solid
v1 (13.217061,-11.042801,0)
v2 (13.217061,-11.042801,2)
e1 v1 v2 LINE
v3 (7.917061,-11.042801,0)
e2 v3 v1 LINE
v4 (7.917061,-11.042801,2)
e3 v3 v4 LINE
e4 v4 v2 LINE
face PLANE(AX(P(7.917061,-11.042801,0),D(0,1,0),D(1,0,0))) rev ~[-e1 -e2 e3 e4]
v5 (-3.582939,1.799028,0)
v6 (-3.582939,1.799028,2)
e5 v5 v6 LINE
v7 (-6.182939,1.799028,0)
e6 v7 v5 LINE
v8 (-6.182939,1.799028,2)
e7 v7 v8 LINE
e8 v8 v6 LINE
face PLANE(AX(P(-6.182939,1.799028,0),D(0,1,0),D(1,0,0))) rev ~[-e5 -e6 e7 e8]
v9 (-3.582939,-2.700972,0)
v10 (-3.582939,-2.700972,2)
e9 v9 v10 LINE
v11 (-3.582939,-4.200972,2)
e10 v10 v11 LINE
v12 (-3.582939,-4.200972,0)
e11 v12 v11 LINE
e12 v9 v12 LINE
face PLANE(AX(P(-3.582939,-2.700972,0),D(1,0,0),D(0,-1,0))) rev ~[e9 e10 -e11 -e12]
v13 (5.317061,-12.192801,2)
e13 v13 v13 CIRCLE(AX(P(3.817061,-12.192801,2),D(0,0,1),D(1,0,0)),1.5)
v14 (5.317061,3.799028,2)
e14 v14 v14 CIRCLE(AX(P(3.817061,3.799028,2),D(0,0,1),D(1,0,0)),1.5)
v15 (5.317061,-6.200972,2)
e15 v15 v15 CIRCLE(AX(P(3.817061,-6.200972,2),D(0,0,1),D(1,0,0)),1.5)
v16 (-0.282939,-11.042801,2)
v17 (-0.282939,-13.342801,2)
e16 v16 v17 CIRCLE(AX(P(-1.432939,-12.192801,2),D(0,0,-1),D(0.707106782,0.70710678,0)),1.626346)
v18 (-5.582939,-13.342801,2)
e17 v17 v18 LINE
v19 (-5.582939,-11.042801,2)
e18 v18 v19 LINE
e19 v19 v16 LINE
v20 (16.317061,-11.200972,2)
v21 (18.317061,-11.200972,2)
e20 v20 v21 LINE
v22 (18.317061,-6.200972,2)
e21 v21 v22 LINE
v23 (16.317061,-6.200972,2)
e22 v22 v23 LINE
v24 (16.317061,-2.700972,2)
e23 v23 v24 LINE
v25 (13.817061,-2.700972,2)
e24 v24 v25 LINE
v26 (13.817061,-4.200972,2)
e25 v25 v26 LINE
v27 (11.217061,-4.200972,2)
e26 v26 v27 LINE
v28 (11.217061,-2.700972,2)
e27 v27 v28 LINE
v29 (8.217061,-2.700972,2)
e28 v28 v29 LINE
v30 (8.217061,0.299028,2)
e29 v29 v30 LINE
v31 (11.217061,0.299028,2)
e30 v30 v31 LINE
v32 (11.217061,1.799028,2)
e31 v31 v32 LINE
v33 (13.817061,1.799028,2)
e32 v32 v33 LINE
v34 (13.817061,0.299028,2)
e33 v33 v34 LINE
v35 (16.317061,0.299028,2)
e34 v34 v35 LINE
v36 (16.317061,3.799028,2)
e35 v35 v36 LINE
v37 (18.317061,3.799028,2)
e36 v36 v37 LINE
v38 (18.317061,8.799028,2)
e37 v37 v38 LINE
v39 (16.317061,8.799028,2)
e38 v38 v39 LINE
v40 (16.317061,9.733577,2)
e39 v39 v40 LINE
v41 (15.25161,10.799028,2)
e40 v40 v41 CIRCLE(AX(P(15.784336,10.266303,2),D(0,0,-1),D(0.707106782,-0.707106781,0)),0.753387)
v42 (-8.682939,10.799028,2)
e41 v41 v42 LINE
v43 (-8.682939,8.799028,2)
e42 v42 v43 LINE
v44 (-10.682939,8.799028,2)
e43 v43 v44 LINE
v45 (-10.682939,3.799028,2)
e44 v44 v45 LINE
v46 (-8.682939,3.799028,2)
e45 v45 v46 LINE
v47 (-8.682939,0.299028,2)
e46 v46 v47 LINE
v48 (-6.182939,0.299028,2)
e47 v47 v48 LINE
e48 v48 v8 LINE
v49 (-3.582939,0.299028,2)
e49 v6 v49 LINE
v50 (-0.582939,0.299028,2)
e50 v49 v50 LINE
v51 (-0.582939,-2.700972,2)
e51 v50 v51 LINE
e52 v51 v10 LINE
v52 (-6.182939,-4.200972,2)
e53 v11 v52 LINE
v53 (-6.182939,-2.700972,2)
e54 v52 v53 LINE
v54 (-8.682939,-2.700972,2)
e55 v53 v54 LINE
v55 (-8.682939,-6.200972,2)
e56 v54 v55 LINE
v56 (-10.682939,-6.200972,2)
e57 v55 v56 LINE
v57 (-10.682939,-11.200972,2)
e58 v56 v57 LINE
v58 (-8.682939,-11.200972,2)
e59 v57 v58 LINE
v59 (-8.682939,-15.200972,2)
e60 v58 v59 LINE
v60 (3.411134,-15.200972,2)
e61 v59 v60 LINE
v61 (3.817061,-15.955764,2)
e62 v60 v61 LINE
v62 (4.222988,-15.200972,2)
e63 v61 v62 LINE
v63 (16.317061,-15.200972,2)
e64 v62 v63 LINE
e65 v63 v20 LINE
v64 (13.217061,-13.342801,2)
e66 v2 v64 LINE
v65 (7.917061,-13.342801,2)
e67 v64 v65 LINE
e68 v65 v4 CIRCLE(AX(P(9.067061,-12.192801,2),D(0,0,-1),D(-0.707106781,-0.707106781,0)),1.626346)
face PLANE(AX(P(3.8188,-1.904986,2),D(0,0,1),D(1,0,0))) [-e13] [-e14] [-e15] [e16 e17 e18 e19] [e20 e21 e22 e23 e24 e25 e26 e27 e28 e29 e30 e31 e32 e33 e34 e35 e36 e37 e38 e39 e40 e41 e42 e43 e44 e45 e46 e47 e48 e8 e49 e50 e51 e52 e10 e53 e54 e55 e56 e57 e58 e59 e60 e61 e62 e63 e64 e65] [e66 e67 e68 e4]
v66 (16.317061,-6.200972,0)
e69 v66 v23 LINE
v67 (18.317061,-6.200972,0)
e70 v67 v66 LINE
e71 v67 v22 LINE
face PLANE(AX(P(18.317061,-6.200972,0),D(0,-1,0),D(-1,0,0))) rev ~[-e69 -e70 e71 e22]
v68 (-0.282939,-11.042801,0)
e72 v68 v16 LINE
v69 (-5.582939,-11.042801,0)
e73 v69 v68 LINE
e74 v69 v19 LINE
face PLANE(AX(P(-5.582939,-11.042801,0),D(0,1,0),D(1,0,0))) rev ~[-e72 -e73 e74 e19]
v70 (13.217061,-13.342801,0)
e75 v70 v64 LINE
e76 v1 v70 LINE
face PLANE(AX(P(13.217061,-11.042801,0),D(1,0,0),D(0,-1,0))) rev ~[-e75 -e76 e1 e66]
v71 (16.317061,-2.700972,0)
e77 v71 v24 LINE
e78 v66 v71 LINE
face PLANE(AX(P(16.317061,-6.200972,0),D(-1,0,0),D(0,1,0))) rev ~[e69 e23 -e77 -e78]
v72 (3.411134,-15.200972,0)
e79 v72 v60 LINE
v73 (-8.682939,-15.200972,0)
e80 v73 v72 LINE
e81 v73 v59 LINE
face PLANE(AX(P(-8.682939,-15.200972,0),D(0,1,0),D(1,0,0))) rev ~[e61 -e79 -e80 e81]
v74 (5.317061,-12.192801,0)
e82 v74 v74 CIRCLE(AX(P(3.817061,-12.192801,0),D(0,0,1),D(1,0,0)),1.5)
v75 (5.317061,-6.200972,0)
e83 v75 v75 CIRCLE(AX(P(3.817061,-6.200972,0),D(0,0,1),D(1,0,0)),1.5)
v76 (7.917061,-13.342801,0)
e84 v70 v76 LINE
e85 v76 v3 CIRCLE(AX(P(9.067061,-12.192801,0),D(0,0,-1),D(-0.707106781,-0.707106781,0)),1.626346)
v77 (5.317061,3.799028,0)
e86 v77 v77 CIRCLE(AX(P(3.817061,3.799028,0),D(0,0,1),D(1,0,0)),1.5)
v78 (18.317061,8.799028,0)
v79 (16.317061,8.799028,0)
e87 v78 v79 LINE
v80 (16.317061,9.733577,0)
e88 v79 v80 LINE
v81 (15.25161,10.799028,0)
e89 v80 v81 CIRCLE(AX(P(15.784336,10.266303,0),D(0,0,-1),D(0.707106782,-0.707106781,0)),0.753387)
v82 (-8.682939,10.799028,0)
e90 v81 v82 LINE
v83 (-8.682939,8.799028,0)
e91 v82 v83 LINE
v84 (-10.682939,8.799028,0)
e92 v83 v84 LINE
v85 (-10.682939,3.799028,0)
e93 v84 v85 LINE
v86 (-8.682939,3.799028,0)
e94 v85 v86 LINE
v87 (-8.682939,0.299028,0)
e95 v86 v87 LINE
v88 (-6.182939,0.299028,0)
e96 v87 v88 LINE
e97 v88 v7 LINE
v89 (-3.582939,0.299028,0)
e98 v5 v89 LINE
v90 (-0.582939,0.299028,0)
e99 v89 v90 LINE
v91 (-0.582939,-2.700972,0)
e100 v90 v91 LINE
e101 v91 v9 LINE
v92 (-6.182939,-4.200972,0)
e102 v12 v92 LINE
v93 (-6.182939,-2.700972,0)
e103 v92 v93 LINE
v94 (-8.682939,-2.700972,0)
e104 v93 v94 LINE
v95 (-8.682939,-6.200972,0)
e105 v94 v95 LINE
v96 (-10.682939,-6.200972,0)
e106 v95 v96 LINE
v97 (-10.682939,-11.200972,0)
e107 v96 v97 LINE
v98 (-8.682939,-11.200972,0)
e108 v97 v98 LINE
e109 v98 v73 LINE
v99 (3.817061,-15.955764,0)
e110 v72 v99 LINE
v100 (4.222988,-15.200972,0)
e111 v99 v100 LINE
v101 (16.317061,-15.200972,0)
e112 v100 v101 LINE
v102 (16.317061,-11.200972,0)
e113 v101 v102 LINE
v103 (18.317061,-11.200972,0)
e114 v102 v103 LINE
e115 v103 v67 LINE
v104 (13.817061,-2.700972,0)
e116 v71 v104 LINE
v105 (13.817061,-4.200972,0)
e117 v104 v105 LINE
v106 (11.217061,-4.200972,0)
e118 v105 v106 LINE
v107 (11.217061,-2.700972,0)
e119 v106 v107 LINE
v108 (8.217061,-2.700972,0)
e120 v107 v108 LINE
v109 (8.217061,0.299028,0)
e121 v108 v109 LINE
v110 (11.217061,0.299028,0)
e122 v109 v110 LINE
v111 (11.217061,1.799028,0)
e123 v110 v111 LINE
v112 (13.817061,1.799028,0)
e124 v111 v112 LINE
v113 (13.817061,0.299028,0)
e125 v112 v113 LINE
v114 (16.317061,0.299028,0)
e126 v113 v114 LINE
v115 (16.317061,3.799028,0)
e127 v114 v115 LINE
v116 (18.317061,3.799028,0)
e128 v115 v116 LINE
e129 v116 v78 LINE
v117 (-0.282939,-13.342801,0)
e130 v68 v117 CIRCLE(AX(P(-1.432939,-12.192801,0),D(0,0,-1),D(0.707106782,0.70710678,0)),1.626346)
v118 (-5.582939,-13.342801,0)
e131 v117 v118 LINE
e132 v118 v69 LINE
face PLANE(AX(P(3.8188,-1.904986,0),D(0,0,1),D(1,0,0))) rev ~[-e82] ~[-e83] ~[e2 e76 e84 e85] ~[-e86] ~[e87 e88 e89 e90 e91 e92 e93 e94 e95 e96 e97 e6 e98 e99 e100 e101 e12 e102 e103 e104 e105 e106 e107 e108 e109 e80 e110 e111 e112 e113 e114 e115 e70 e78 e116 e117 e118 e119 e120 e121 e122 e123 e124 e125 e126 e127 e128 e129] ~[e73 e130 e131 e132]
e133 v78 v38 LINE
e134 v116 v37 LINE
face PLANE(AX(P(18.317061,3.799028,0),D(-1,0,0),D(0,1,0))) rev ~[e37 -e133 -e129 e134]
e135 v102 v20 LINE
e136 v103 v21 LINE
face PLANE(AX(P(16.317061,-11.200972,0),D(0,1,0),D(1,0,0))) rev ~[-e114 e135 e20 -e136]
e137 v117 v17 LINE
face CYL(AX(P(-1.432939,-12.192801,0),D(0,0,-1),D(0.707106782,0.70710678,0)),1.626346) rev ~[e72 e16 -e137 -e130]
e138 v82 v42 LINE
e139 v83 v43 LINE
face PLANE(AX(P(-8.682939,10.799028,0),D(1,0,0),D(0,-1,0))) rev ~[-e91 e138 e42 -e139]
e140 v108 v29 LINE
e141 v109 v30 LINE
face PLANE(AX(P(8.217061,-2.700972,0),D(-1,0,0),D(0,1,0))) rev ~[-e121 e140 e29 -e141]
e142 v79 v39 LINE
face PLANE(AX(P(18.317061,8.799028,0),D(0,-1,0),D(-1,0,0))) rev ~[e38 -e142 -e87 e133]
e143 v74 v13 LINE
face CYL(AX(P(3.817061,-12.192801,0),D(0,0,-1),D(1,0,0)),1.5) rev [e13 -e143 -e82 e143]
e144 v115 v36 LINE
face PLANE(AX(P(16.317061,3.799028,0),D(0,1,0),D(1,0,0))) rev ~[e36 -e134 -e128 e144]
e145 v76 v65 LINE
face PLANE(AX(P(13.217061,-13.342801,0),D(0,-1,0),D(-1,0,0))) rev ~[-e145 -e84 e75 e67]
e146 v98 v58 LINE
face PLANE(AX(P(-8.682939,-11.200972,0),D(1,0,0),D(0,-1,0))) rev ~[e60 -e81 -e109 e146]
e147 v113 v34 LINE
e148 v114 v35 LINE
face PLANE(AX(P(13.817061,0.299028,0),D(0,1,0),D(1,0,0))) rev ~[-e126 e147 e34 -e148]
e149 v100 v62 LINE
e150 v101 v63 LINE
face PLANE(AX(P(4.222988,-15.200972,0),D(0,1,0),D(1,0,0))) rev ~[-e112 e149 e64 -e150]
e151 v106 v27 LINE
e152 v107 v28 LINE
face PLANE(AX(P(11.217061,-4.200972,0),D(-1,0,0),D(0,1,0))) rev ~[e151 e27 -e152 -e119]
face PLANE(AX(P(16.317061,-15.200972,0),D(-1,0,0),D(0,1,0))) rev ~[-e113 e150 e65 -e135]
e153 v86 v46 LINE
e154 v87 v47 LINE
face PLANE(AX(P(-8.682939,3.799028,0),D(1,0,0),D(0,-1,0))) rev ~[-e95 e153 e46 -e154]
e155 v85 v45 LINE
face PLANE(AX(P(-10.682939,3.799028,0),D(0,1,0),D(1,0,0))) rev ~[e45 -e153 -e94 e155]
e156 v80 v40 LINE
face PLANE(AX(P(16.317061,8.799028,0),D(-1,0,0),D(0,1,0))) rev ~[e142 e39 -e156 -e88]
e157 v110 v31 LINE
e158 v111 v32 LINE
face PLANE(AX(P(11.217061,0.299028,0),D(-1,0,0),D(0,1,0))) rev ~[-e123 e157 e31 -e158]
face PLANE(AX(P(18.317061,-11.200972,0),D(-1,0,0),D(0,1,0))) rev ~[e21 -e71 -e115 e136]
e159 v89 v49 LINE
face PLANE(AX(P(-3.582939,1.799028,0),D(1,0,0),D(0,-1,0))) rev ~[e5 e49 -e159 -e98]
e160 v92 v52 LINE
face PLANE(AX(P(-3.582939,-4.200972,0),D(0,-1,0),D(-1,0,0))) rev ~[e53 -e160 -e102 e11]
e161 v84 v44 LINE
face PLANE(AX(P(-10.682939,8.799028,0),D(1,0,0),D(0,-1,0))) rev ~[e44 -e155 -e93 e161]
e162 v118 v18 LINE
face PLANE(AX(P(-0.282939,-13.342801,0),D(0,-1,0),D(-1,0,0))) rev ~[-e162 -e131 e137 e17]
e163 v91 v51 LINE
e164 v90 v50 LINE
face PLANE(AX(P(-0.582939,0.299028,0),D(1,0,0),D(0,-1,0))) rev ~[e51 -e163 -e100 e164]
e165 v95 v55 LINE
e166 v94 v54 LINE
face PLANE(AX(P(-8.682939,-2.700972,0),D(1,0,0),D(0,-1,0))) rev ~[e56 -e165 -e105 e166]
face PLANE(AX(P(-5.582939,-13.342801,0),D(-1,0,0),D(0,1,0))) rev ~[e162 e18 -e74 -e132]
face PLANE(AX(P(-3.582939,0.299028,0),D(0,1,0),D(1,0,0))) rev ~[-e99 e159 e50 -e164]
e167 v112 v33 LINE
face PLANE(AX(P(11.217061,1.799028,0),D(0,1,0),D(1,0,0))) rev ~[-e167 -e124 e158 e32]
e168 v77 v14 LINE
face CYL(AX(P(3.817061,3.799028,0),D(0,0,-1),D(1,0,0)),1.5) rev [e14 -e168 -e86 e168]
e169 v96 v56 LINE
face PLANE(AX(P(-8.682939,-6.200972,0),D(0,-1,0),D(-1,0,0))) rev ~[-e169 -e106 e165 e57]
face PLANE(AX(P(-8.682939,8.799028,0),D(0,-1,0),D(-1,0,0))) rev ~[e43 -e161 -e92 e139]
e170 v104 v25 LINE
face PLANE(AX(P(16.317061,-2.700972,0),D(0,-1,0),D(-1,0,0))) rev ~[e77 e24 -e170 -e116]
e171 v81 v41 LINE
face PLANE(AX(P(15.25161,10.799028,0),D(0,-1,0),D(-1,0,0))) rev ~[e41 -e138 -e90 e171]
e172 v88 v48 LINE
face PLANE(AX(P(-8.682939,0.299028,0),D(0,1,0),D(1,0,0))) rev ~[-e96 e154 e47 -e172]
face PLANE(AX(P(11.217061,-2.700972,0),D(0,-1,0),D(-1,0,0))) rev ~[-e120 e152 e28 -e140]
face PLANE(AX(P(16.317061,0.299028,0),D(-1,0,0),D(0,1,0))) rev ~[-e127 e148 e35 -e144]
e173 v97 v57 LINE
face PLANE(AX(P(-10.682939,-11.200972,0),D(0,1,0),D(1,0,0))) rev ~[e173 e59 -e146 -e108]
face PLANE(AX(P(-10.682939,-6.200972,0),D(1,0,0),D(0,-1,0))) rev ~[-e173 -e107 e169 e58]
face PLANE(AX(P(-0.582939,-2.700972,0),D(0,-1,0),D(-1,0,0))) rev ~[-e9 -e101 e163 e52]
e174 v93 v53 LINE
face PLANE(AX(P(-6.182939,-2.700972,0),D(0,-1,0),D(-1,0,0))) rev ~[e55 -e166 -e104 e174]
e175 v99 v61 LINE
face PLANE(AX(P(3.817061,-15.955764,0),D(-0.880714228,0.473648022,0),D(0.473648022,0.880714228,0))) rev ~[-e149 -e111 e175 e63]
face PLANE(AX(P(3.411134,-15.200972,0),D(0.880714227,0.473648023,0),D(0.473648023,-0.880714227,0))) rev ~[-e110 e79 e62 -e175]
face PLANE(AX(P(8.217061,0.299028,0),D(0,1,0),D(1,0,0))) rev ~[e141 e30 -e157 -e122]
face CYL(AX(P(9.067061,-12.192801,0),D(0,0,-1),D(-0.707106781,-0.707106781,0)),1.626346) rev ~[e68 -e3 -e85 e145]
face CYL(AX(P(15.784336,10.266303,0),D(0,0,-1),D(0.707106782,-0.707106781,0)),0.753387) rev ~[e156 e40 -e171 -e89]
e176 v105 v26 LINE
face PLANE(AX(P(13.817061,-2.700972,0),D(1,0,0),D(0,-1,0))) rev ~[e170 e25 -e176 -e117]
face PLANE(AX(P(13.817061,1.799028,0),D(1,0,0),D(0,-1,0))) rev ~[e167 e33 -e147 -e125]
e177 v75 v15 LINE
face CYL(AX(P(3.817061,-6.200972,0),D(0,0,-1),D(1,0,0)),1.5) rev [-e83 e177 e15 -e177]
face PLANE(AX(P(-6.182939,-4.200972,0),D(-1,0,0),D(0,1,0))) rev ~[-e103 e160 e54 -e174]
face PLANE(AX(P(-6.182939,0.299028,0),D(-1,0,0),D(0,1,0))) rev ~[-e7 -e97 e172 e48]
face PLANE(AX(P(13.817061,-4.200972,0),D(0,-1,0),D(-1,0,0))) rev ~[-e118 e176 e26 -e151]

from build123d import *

# Parameters (mm, degrees)
SKETCH_1_R      = 1.5
EXTRUDE_1_DEPTH = 2


with BuildPart() as part:
    # 草图1 → 凸台-拉伸1 (new body)
    with BuildSketch(Plane.XY):
        with BuildLine():
            Line((18.317061038, 8.799028027), (16.317061038, 8.799028027))
            Line((16.317061038, 8.799028027), (16.317061038, 9.733577366))
            ThreePointArc((16.317061038, 9.733577366), (15.251610376, 9.733577366), (15.251610376, 10.799028027))
            Line((15.251610376, 10.799028027), (-8.682938962, 10.799028027))
            Line((-8.682938962, 10.799028027), (-8.682938962, 8.799028027))
            Line((-8.682938962, 8.799028027), (-10.682938962, 8.799028027))
            Line((-10.682938962, 8.799028027), (-10.682938962, 3.799028027))
            Line((-10.682938962, 3.799028027), (-8.682938962, 3.799028027))
            Line((-8.682938962, 3.799028027), (-8.682938962, 0.299028027))
            Line((-8.682938962, 0.299028027), (-6.182938962, 0.299028027))
            Line((-6.182938962, 0.299028027), (-6.182938962, 1.799028027))
            Line((-6.182938962, 1.799028027), (-3.582938962, 1.799028027))
            Line((-3.582938962, 1.799028027), (-3.582938962, 0.299028027))
            Line((-3.582938962, 0.299028027), (-0.582938962, 0.299028027))
            Line((-0.582938962, 0.299028027), (-0.582938962, -2.700971973))
            Line((-0.582938962, -2.700971973), (-3.582938962, -2.700971973))
            Line((-3.582938962, -2.700971973), (-3.582938962, -4.200971973))
            Line((-3.582938962, -4.200971973), (-6.182938962, -4.200971973))
            Line((-6.182938962, -4.200971973), (-6.182938962, -2.700971973))
            Line((-6.182938962, -2.700971973), (-8.682938962, -2.700971973))
            Line((-8.682938962, -2.700971973), (-8.682938962, -6.200971973))
            Line((-8.682938962, -6.200971973), (-10.682938962, -6.200971973))
            Line((-10.682938962, -6.200971973), (-10.682938962, -11.200971973))
            Line((-10.682938962, -11.200971973), (-8.682938962, -11.200971973))
            Line((-8.682938962, -11.200971973), (-8.682938962, -15.200971973))
            Line((-8.682938962, -15.200971973), (3.411134121, -15.200971973))
            Line((3.411134121, -15.200971973), (3.817061038, -15.955763704))
            Line((3.817061038, -15.955763704), (4.222987954, -15.200971973))
            Line((4.222987954, -15.200971973), (16.317061038, -15.200971973))
            Line((16.317061038, -15.200971973), (16.317061038, -11.200971973))
            Line((16.317061038, -11.200971973), (18.317061038, -11.200971973))
            Line((18.317061038, -11.200971973), (18.317061038, -6.200971973))
            Line((18.317061038, -6.200971973), (16.317061038, -6.200971973))
            Line((16.317061038, -6.200971973), (16.317061038, -2.700971973))
            Line((16.317061038, -2.700971973), (13.817061038, -2.700971973))
            Line((13.817061038, -2.700971973), (13.817061038, -4.200971973))
            Line((13.817061038, -4.200971973), (11.217061038, -4.200971973))
            Line((11.217061038, -4.200971973), (11.217061038, -2.700971973))
            Line((11.217061038, -2.700971973), (8.217061038, -2.700971973))
            Line((8.217061038, -2.700971973), (8.217061038, 0.299028027))
            Line((8.217061038, 0.299028027), (11.217061038, 0.299028027))
            Line((11.217061038, 0.299028027), (11.217061038, 1.799028027))
            Line((11.217061038, 1.799028027), (13.817061038, 1.799028027))
            Line((13.817061038, 1.799028027), (13.817061038, 0.299028027))
            Line((13.817061038, 0.299028027), (16.317061038, 0.299028027))
            Line((16.317061038, 0.299028027), (16.317061038, 3.799028027))
            Line((16.317061038, 3.799028027), (18.317061038, 3.799028027))
            Line((18.317061038, 3.799028027), (18.317061038, 8.799028027))
        make_face()
        with Locations((3.817061038, -6.200971973)):
            Circle(SKETCH_1_R, mode=Mode.SUBTRACT)
        with Locations((3.817061038, 3.799028027)):
            Circle(SKETCH_1_R, mode=Mode.SUBTRACT)
        with Locations((3.817061038, -12.192801434)):
            Circle(SKETCH_1_R, mode=Mode.SUBTRACT)
        with BuildLine():
            Line((13.217061038, -13.342801434), (7.917061038, -13.342801434))
            ThreePointArc((7.917061038, -13.342801434), (7.440715441, -12.192801434), (7.917061038, -11.042801434))
            Line((7.917061038, -11.042801434), (13.217061038, -11.042801434))
            Line((13.217061038, -11.042801434), (13.217061038, -13.342801434))
        make_face(mode=Mode.SUBTRACT)
        with BuildLine():
            Line((-5.582938962, -11.042801434), (-0.282938962, -11.042801434))
            ThreePointArc((-0.282938962, -11.042801434), (0.193406634, -12.192801434), (-0.282938962, -13.342801434))
            Line((-0.282938962, -13.342801434), (-5.582938962, -13.342801434))
            Line((-5.582938962, -13.342801434), (-5.582938962, -11.042801434))
        make_face(mode=Mode.SUBTRACT)
    extrude(amount=EXTRUDE_1_DEPTH)


solid = part.part
